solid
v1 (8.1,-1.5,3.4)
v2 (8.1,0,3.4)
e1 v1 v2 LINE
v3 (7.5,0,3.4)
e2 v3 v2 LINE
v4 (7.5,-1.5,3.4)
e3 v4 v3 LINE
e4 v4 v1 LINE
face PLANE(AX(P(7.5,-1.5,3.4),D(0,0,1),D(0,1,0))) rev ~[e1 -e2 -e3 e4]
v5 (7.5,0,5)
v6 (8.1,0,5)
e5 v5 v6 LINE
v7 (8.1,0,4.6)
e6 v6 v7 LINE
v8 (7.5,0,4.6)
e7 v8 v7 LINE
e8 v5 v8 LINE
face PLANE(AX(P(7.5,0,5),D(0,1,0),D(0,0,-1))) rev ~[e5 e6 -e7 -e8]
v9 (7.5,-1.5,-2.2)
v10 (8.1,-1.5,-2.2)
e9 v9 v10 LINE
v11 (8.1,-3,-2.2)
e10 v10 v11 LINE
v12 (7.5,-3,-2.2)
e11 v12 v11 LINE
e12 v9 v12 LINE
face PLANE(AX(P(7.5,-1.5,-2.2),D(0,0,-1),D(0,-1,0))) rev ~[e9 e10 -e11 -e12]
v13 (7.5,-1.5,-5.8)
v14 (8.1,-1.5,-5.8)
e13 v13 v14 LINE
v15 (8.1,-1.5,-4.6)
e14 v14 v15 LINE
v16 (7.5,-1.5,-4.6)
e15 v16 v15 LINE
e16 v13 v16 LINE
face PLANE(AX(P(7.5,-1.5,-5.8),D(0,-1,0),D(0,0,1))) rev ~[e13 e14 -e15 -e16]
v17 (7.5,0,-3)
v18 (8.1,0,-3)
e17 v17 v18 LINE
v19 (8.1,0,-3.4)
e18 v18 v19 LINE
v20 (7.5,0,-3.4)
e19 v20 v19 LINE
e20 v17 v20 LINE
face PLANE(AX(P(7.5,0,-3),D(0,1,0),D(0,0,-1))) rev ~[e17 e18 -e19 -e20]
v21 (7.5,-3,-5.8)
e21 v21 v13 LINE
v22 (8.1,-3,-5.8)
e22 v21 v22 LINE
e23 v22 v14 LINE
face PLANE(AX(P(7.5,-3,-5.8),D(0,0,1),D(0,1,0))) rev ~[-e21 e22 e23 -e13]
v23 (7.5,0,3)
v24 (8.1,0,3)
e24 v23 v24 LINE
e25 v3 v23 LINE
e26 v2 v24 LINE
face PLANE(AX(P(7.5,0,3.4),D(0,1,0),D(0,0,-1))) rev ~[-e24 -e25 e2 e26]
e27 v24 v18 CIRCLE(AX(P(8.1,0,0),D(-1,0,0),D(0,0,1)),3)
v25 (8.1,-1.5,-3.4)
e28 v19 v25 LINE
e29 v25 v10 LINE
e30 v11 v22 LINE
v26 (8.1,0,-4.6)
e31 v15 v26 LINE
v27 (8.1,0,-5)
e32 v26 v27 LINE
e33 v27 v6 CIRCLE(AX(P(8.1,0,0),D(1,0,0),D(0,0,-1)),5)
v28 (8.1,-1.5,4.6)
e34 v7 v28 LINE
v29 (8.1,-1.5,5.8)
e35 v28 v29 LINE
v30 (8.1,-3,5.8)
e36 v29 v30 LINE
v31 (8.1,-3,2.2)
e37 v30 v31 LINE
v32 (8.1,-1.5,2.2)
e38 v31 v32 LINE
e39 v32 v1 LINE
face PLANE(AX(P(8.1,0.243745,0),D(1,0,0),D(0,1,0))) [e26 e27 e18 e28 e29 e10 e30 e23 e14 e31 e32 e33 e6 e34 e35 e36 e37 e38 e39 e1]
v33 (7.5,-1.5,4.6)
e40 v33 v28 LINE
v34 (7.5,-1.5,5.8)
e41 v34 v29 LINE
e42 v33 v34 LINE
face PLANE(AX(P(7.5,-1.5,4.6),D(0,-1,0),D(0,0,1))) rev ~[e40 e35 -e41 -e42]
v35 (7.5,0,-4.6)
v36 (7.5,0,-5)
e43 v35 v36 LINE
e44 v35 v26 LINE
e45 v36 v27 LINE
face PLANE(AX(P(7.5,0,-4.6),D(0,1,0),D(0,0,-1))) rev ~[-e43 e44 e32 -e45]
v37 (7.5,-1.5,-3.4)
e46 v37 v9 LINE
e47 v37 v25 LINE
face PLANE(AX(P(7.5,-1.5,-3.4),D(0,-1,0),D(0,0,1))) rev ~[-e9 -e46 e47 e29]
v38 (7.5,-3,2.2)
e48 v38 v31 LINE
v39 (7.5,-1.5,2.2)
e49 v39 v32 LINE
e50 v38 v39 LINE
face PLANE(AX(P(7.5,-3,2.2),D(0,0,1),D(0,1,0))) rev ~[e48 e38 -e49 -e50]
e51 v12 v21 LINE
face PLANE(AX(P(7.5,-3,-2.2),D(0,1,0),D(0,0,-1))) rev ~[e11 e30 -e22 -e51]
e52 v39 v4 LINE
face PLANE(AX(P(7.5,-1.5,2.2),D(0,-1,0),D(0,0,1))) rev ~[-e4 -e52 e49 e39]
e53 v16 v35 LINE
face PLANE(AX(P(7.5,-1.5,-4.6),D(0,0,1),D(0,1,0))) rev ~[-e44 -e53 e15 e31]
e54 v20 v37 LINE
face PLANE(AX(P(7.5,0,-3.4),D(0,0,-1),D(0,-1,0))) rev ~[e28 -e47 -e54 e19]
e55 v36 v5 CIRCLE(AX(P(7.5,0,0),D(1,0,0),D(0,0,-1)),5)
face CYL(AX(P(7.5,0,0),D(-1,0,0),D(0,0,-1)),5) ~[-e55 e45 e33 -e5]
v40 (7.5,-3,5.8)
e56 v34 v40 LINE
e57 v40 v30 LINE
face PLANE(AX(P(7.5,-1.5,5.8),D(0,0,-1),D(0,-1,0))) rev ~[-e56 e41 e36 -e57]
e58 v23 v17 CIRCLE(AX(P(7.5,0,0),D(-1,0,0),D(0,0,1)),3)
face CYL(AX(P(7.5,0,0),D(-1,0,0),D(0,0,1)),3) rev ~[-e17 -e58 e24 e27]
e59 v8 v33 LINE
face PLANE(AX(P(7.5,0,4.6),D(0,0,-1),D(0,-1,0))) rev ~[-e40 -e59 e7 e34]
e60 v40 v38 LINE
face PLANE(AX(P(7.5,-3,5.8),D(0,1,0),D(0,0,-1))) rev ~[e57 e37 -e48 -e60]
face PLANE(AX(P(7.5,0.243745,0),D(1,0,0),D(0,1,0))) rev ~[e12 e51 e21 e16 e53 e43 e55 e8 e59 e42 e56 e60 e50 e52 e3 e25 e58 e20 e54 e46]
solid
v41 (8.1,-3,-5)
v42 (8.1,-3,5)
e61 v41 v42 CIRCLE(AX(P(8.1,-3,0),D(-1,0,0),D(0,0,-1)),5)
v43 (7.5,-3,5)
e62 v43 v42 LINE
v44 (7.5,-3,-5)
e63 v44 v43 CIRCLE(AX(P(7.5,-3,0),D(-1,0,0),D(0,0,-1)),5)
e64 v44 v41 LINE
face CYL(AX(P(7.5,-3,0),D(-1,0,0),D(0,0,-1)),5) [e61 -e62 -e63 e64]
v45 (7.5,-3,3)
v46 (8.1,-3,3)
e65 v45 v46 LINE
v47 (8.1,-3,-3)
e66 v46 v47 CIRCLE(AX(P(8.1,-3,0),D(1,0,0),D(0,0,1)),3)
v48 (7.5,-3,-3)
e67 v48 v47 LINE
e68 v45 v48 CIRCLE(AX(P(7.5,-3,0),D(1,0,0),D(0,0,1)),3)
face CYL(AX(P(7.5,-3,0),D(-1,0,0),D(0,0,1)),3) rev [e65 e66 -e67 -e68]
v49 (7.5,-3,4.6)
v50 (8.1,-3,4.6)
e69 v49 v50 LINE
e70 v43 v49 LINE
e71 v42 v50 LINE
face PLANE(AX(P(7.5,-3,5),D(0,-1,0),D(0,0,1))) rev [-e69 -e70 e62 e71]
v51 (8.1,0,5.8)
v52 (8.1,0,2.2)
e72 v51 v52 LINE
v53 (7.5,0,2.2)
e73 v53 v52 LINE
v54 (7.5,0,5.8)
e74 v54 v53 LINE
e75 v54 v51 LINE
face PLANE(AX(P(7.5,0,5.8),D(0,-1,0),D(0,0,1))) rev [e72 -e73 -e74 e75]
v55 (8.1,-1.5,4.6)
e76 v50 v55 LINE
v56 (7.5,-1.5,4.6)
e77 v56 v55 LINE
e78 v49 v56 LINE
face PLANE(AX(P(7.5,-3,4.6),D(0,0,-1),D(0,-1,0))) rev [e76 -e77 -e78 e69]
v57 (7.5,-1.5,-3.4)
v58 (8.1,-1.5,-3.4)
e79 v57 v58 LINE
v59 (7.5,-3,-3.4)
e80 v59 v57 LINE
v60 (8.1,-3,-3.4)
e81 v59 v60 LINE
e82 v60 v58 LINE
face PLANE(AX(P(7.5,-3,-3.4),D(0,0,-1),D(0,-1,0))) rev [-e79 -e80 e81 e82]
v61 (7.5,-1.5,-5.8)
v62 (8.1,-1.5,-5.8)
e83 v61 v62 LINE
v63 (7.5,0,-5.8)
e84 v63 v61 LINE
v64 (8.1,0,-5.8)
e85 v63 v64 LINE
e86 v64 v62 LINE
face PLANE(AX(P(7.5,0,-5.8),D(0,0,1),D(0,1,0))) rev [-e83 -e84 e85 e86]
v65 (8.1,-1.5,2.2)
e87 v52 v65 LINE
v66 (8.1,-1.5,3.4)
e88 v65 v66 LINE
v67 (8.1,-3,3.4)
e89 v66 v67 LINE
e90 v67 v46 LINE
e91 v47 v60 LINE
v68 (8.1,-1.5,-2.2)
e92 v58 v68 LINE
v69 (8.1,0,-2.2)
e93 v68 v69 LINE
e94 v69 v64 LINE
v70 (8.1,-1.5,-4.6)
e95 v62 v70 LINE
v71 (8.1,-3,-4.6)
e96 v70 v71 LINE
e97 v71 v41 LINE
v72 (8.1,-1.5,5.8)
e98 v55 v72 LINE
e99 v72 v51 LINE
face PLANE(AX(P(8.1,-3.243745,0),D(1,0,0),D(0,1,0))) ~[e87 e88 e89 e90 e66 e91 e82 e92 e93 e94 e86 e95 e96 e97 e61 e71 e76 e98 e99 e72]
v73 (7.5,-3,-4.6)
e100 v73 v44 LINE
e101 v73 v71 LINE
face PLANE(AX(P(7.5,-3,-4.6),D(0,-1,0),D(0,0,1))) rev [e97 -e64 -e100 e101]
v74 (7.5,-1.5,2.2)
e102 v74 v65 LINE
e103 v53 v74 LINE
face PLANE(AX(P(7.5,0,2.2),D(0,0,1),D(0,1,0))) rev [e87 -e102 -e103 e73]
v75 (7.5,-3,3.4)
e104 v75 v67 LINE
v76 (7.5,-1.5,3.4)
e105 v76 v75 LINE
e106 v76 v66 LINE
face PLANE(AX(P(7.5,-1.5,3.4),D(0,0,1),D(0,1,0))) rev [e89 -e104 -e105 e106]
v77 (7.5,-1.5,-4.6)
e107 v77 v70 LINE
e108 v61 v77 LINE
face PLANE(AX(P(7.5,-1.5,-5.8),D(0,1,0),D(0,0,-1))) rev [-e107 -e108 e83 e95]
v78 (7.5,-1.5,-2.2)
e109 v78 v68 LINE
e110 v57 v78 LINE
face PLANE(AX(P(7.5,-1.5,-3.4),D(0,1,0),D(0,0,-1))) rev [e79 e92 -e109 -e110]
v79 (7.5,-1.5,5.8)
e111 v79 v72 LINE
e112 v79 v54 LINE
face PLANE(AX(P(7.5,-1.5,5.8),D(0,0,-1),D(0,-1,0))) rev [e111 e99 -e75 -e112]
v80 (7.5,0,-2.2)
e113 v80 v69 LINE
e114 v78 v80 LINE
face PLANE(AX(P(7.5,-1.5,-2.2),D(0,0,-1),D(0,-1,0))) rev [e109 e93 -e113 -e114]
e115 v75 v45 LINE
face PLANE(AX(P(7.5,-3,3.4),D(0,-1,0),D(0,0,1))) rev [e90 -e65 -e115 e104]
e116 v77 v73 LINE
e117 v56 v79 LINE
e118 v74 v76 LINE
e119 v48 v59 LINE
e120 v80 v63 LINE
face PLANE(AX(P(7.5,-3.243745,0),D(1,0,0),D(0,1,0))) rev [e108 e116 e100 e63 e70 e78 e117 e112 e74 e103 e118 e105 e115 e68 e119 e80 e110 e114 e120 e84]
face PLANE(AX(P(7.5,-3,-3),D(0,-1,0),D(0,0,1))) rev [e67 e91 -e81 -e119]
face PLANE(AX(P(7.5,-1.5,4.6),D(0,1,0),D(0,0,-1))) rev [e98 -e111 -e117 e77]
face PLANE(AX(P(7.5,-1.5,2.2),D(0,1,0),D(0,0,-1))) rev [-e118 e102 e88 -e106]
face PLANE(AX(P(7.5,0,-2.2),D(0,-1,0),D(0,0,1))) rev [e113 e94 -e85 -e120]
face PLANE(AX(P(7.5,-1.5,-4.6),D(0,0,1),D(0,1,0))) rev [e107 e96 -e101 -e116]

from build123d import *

# Parameters (mm, degrees)
F2_DEPTH = 0.6


with BuildPart() as f2:
    # F1 (on offset) → F2 (new body)
    with BuildSketch(Plane.YZ.offset(7.5)):
        with BuildLine():
            Line((0, -4.6), (0, -5))
            ThreePointArc((0, -5), (5, 0), (0, 5))
            Line((0, 5), (0, 4.6))
            Line((0, 4.6), (-1.5, 4.6))
            Line((-1.5, 4.6), (-1.5, 5.8))
            Line((-1.5, 5.8), (-3, 5.8))
            Line((-3, 5.8), (-3, 2.2))
            Line((-3, 2.2), (-1.5, 2.2))
            Line((-1.5, 2.2), (-1.5, 3.4))
            Line((-1.5, 3.4), (0, 3.4))
            Line((0, 3.4), (0, 3))
            ThreePointArc((0, 3), (3, 0), (0, -3))
            Line((0, -3), (0, -3.4))
            Line((0, -3.4), (-1.5, -3.4))
            Line((-1.5, -3.4), (-1.5, -2.2))
            Line((-1.5, -2.2), (-3, -2.2))
            Line((-3, -2.2), (-3, -5.8))
            Line((-3, -5.8), (-1.5, -5.8))
            Line((-1.5, -5.8), (-1.5, -4.6))
            Line((-1.5, -4.6), (0, -4.6))
        make_face()
    extrude(amount=F2_DEPTH)


with BuildPart() as f4_1:
    # F4: instance of F2
    add(f2.part.mirror(Plane(origin=(7.5, -1.5, 3.4), x_dir=(1, 0, 0), z_dir=(0, -1, 0))))


solid = Compound([f2.part, f4_1.part])
